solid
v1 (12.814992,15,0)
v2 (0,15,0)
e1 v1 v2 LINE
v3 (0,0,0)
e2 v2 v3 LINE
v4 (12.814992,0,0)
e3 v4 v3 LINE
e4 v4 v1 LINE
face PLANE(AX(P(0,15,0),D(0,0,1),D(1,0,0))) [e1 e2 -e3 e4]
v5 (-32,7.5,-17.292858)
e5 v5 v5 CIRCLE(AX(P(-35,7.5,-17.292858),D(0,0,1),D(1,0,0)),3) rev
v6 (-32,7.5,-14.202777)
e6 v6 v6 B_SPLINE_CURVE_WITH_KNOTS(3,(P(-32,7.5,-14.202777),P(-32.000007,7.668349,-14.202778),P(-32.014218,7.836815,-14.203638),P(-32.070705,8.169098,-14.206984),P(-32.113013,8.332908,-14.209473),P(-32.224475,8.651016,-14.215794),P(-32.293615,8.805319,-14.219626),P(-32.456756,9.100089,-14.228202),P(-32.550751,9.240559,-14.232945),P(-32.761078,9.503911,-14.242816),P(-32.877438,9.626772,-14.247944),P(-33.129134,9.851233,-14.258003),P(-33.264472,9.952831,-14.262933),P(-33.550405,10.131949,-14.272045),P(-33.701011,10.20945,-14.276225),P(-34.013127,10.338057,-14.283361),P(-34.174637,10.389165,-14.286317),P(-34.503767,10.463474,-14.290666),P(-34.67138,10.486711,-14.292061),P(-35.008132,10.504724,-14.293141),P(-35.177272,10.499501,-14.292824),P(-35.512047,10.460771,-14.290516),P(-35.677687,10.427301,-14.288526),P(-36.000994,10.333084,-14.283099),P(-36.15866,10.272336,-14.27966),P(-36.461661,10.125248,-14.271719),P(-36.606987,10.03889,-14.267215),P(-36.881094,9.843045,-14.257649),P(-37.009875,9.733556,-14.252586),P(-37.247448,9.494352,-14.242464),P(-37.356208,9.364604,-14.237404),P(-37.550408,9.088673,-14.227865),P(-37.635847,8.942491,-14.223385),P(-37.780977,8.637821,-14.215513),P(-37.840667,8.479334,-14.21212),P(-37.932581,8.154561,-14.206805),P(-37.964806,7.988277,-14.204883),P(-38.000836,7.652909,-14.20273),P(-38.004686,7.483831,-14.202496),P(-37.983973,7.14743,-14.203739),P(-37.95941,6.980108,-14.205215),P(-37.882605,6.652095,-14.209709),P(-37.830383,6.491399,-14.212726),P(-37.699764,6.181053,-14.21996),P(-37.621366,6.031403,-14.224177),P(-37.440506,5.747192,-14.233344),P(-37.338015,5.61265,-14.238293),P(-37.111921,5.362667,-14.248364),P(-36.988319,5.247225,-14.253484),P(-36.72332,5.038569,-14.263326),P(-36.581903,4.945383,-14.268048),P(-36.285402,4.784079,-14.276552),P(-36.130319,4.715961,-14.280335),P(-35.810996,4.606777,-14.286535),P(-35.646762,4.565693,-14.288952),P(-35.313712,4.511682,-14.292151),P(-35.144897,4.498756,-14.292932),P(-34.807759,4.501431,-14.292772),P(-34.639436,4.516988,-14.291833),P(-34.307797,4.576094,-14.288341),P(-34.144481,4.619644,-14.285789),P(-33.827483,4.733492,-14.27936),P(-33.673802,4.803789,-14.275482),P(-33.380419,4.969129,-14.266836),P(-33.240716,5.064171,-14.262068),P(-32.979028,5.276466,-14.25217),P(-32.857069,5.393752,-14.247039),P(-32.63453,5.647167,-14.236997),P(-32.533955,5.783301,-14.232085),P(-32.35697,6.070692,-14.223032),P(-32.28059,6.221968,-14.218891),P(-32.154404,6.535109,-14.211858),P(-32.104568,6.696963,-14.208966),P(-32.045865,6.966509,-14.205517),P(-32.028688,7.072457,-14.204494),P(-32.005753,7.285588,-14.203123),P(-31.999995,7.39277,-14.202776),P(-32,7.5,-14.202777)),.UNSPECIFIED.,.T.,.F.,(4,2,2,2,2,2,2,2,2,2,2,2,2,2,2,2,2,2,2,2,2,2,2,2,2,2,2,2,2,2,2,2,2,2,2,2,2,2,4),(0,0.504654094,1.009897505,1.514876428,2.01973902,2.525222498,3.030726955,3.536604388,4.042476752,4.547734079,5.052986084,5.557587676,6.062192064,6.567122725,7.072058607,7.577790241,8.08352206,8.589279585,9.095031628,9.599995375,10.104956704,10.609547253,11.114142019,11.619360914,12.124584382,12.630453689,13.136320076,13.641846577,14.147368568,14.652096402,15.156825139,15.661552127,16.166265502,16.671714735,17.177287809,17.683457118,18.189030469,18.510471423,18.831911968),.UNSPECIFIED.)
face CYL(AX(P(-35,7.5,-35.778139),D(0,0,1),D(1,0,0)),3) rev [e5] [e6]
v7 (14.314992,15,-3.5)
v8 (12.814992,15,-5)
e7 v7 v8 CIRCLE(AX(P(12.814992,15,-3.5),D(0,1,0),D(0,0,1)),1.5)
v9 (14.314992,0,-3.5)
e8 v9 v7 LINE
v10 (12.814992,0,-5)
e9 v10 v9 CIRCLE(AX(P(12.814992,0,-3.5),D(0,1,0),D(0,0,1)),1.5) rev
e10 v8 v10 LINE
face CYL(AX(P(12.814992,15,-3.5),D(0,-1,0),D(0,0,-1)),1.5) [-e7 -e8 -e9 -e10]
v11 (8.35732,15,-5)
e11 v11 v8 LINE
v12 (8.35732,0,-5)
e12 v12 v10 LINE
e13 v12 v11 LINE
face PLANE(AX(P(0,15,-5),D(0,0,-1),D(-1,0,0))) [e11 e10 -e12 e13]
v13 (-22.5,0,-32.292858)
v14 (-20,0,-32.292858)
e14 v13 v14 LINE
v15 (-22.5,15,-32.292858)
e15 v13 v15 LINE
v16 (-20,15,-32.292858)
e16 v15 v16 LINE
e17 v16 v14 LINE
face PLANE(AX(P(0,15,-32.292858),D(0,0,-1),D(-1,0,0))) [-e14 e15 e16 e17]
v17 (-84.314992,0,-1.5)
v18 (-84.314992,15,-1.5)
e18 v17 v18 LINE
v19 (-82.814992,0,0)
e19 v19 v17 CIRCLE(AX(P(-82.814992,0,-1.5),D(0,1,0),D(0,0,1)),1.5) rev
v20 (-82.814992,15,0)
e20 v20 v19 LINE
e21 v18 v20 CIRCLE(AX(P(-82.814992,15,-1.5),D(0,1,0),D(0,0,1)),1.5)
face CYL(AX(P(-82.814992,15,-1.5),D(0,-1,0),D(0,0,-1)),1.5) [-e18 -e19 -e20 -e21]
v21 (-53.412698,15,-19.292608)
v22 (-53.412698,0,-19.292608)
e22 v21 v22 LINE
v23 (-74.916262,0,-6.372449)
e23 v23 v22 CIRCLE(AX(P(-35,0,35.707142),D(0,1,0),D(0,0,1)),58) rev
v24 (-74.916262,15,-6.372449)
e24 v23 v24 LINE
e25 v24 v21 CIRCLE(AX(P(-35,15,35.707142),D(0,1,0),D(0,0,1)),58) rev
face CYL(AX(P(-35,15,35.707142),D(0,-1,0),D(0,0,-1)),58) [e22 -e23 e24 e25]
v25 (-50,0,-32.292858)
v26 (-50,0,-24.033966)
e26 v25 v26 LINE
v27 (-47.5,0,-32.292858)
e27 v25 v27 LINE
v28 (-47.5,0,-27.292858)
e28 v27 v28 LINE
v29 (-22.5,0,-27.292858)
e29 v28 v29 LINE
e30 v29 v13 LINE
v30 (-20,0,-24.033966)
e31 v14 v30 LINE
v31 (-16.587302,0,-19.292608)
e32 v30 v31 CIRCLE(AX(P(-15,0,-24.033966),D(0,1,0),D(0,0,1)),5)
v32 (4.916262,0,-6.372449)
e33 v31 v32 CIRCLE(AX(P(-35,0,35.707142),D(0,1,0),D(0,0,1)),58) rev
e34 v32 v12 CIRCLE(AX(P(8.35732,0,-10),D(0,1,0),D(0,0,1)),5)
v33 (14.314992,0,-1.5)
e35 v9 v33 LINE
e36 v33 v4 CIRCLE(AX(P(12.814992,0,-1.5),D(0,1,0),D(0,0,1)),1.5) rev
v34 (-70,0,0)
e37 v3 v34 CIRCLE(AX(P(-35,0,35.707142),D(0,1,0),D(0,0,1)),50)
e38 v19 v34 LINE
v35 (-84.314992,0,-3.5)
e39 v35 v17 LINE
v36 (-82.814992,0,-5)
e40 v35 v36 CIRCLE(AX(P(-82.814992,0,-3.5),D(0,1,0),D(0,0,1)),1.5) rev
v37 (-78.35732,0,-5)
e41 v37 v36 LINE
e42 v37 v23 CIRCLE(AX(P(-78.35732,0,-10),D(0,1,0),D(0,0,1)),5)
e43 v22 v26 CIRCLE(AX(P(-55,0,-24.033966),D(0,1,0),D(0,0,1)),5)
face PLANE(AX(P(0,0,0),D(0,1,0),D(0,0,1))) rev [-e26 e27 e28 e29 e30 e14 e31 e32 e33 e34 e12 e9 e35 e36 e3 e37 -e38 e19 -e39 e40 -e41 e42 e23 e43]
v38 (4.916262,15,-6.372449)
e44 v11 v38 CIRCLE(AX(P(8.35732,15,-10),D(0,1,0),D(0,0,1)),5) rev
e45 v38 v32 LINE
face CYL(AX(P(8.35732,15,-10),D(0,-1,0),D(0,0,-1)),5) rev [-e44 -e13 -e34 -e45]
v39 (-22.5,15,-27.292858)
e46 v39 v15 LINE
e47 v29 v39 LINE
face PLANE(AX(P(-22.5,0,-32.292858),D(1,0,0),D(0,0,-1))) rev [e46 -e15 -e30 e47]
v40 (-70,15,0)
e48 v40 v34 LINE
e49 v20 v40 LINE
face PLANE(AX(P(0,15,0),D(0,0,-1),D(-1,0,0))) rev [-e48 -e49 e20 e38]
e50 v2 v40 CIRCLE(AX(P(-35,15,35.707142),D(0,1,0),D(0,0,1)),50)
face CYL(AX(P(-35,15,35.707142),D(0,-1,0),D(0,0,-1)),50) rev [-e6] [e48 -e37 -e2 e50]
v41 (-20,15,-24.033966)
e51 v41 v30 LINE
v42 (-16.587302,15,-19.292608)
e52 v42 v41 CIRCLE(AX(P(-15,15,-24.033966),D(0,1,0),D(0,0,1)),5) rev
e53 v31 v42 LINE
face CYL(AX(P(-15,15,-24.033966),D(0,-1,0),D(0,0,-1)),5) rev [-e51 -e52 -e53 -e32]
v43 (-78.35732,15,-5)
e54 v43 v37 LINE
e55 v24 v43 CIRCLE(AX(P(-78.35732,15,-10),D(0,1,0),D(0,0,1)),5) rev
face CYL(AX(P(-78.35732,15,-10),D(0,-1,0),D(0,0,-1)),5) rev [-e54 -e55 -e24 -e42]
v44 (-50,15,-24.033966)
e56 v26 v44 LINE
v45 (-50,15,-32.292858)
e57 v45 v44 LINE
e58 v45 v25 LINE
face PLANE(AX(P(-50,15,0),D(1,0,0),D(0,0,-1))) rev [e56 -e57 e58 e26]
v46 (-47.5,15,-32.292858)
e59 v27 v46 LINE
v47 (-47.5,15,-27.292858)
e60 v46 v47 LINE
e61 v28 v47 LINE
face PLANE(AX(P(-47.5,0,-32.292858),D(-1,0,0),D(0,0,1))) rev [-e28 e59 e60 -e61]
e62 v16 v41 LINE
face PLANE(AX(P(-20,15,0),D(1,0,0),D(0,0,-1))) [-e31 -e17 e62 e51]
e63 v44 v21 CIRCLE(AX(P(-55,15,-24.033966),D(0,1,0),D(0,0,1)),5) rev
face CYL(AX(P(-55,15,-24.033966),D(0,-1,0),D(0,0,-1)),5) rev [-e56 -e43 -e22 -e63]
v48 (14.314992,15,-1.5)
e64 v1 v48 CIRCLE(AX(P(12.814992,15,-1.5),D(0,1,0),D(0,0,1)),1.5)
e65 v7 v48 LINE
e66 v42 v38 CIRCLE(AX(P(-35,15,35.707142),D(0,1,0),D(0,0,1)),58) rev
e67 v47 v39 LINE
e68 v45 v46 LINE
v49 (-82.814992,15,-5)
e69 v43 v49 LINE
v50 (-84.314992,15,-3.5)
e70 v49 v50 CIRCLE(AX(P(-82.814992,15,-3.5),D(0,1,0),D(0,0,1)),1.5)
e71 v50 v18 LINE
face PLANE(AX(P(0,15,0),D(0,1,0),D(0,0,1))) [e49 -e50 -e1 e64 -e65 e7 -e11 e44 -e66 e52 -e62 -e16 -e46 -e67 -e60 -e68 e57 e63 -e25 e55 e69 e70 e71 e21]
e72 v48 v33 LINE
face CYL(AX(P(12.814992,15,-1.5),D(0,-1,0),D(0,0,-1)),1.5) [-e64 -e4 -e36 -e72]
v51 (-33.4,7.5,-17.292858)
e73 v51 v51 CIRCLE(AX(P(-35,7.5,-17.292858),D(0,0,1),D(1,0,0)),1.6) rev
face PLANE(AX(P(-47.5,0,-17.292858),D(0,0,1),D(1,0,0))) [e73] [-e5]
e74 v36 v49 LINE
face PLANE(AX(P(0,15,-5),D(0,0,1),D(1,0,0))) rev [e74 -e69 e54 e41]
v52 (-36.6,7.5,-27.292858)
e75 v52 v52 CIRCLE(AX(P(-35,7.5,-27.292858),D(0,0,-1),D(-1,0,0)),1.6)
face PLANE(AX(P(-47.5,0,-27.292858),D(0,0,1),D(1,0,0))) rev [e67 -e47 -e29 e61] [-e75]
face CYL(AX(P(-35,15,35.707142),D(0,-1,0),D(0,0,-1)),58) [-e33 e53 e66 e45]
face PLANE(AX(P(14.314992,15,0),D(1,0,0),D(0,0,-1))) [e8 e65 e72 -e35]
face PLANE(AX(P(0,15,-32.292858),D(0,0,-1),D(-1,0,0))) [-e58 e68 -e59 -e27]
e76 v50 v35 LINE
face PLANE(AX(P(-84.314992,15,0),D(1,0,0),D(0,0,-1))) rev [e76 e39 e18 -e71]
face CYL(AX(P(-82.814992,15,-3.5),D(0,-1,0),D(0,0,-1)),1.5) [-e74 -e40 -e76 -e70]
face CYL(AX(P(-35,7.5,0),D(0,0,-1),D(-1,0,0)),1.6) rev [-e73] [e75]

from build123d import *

# Parameters (mm, degrees)
BOSS_EXTRUDE1_DEPTH = 15
FILLET1_R           = 5
FILLET2_R           = 1.5
SKETCH2_W           = 25
SKETCH2_H           = 5
CUT_EXTRUDE1_DEPTH  = 16
SKETCH3_R           = 1.6
CUT_EXTRUDE2_DEPTH  = 28.292857857
SKETCH4_R           = 3
CUT_EXTRUDE3_DEPTH  = 17.292858


with BuildPart() as part:
    # Sketch1 → Boss-Extrude1 (new body)
    with BuildSketch(Plane(origin=(0, 0, 0), x_dir=(1, 0, 0), z_dir=(0, 1, 0))):
        with BuildLine():
            ThreePointArc((-76.314992177, 5), (-35, 22.292857857), (6.314992177, 5))
            Line((6.314992177, 5), (14.314992177, 5))
            Line((14.314992177, 5), (14.314992177, 0))
            Line((14.314992177, 0), (0, 0))
            ThreePointArc((0, 0), (-35, 14.292857857), (-70, 0))
            Line((-70, 0), (-84.314992177, 0))
            Line((-84.314992177, 0), (-84.314992177, 5))
            Line((-84.314992177, 5), (-76.314992177, 5))
        make_face()
        with BuildLine():
            Line((-50, 32.292857857), (-50, 20.319637169))
            ThreePointArc((-50, 20.319637169), (-35, 22.292857857), (-20, 20.319637169))
            Line((-20, 20.319637169), (-20, 32.292857857))
            Line((-20, 32.292857857), (-50, 32.292857857))
        make_face()
    extrude(amount=BOSS_EXTRUDE1_DEPTH)

    # Fillet1
    fillet1_edges = [part.edges().sort_by_distance(p)[0] for p in [
        (-50, 7.5, -20.319637169),
        (-20, 7.5, -20.319637169),
        (6.314992177, 7.5, -5),
        (-76.314992177, 7.5, -5),
    ]]
    fillet(fillet1_edges, radius=FILLET1_R)

    # Fillet2
    fillet2_edges = [part.edges().sort_by_distance(p)[0] for p in [
        (14.314992177, 7.5, -5),
        (14.314992177, 7.5, 0),
        (-84.314992177, 7.5, 0),
        (-84.314992177, 7.5, -5),
    ]]
    fillet(fillet2_edges, radius=FILLET2_R)

    # Sketch2 → Cut-Extrude1 (cut, through all)
    with BuildSketch(Plane(origin=(0, 15, 0), x_dir=(1, 0, 0), z_dir=(0, 1, 0))):
        with Locations((-35, 29.792857857)):
            Rectangle(SKETCH2_W, SKETCH2_H)
    extrude(amount=-CUT_EXTRUDE1_DEPTH, mode=Mode.SUBTRACT)

    # Sketch3 → Cut-Extrude2 (cut, through all)
    with BuildSketch(Plane(origin=(0, 0, -27.292857857), x_dir=(-1, 0, 0), z_dir=(0, 0, -1))):
        with Locations((35, 7.5)):
            Circle(SKETCH3_R)
    extrude(amount=-CUT_EXTRUDE2_DEPTH, mode=Mode.SUBTRACT)

    # Sketch4 → Cut-Extrude3 (cut)
    with BuildSketch(Plane.XY):
        with Locations((-35, 7.5)):
            Circle(SKETCH4_R)
    extrude(amount=-CUT_EXTRUDE3_DEPTH, mode=Mode.SUBTRACT)


solid = part.part
